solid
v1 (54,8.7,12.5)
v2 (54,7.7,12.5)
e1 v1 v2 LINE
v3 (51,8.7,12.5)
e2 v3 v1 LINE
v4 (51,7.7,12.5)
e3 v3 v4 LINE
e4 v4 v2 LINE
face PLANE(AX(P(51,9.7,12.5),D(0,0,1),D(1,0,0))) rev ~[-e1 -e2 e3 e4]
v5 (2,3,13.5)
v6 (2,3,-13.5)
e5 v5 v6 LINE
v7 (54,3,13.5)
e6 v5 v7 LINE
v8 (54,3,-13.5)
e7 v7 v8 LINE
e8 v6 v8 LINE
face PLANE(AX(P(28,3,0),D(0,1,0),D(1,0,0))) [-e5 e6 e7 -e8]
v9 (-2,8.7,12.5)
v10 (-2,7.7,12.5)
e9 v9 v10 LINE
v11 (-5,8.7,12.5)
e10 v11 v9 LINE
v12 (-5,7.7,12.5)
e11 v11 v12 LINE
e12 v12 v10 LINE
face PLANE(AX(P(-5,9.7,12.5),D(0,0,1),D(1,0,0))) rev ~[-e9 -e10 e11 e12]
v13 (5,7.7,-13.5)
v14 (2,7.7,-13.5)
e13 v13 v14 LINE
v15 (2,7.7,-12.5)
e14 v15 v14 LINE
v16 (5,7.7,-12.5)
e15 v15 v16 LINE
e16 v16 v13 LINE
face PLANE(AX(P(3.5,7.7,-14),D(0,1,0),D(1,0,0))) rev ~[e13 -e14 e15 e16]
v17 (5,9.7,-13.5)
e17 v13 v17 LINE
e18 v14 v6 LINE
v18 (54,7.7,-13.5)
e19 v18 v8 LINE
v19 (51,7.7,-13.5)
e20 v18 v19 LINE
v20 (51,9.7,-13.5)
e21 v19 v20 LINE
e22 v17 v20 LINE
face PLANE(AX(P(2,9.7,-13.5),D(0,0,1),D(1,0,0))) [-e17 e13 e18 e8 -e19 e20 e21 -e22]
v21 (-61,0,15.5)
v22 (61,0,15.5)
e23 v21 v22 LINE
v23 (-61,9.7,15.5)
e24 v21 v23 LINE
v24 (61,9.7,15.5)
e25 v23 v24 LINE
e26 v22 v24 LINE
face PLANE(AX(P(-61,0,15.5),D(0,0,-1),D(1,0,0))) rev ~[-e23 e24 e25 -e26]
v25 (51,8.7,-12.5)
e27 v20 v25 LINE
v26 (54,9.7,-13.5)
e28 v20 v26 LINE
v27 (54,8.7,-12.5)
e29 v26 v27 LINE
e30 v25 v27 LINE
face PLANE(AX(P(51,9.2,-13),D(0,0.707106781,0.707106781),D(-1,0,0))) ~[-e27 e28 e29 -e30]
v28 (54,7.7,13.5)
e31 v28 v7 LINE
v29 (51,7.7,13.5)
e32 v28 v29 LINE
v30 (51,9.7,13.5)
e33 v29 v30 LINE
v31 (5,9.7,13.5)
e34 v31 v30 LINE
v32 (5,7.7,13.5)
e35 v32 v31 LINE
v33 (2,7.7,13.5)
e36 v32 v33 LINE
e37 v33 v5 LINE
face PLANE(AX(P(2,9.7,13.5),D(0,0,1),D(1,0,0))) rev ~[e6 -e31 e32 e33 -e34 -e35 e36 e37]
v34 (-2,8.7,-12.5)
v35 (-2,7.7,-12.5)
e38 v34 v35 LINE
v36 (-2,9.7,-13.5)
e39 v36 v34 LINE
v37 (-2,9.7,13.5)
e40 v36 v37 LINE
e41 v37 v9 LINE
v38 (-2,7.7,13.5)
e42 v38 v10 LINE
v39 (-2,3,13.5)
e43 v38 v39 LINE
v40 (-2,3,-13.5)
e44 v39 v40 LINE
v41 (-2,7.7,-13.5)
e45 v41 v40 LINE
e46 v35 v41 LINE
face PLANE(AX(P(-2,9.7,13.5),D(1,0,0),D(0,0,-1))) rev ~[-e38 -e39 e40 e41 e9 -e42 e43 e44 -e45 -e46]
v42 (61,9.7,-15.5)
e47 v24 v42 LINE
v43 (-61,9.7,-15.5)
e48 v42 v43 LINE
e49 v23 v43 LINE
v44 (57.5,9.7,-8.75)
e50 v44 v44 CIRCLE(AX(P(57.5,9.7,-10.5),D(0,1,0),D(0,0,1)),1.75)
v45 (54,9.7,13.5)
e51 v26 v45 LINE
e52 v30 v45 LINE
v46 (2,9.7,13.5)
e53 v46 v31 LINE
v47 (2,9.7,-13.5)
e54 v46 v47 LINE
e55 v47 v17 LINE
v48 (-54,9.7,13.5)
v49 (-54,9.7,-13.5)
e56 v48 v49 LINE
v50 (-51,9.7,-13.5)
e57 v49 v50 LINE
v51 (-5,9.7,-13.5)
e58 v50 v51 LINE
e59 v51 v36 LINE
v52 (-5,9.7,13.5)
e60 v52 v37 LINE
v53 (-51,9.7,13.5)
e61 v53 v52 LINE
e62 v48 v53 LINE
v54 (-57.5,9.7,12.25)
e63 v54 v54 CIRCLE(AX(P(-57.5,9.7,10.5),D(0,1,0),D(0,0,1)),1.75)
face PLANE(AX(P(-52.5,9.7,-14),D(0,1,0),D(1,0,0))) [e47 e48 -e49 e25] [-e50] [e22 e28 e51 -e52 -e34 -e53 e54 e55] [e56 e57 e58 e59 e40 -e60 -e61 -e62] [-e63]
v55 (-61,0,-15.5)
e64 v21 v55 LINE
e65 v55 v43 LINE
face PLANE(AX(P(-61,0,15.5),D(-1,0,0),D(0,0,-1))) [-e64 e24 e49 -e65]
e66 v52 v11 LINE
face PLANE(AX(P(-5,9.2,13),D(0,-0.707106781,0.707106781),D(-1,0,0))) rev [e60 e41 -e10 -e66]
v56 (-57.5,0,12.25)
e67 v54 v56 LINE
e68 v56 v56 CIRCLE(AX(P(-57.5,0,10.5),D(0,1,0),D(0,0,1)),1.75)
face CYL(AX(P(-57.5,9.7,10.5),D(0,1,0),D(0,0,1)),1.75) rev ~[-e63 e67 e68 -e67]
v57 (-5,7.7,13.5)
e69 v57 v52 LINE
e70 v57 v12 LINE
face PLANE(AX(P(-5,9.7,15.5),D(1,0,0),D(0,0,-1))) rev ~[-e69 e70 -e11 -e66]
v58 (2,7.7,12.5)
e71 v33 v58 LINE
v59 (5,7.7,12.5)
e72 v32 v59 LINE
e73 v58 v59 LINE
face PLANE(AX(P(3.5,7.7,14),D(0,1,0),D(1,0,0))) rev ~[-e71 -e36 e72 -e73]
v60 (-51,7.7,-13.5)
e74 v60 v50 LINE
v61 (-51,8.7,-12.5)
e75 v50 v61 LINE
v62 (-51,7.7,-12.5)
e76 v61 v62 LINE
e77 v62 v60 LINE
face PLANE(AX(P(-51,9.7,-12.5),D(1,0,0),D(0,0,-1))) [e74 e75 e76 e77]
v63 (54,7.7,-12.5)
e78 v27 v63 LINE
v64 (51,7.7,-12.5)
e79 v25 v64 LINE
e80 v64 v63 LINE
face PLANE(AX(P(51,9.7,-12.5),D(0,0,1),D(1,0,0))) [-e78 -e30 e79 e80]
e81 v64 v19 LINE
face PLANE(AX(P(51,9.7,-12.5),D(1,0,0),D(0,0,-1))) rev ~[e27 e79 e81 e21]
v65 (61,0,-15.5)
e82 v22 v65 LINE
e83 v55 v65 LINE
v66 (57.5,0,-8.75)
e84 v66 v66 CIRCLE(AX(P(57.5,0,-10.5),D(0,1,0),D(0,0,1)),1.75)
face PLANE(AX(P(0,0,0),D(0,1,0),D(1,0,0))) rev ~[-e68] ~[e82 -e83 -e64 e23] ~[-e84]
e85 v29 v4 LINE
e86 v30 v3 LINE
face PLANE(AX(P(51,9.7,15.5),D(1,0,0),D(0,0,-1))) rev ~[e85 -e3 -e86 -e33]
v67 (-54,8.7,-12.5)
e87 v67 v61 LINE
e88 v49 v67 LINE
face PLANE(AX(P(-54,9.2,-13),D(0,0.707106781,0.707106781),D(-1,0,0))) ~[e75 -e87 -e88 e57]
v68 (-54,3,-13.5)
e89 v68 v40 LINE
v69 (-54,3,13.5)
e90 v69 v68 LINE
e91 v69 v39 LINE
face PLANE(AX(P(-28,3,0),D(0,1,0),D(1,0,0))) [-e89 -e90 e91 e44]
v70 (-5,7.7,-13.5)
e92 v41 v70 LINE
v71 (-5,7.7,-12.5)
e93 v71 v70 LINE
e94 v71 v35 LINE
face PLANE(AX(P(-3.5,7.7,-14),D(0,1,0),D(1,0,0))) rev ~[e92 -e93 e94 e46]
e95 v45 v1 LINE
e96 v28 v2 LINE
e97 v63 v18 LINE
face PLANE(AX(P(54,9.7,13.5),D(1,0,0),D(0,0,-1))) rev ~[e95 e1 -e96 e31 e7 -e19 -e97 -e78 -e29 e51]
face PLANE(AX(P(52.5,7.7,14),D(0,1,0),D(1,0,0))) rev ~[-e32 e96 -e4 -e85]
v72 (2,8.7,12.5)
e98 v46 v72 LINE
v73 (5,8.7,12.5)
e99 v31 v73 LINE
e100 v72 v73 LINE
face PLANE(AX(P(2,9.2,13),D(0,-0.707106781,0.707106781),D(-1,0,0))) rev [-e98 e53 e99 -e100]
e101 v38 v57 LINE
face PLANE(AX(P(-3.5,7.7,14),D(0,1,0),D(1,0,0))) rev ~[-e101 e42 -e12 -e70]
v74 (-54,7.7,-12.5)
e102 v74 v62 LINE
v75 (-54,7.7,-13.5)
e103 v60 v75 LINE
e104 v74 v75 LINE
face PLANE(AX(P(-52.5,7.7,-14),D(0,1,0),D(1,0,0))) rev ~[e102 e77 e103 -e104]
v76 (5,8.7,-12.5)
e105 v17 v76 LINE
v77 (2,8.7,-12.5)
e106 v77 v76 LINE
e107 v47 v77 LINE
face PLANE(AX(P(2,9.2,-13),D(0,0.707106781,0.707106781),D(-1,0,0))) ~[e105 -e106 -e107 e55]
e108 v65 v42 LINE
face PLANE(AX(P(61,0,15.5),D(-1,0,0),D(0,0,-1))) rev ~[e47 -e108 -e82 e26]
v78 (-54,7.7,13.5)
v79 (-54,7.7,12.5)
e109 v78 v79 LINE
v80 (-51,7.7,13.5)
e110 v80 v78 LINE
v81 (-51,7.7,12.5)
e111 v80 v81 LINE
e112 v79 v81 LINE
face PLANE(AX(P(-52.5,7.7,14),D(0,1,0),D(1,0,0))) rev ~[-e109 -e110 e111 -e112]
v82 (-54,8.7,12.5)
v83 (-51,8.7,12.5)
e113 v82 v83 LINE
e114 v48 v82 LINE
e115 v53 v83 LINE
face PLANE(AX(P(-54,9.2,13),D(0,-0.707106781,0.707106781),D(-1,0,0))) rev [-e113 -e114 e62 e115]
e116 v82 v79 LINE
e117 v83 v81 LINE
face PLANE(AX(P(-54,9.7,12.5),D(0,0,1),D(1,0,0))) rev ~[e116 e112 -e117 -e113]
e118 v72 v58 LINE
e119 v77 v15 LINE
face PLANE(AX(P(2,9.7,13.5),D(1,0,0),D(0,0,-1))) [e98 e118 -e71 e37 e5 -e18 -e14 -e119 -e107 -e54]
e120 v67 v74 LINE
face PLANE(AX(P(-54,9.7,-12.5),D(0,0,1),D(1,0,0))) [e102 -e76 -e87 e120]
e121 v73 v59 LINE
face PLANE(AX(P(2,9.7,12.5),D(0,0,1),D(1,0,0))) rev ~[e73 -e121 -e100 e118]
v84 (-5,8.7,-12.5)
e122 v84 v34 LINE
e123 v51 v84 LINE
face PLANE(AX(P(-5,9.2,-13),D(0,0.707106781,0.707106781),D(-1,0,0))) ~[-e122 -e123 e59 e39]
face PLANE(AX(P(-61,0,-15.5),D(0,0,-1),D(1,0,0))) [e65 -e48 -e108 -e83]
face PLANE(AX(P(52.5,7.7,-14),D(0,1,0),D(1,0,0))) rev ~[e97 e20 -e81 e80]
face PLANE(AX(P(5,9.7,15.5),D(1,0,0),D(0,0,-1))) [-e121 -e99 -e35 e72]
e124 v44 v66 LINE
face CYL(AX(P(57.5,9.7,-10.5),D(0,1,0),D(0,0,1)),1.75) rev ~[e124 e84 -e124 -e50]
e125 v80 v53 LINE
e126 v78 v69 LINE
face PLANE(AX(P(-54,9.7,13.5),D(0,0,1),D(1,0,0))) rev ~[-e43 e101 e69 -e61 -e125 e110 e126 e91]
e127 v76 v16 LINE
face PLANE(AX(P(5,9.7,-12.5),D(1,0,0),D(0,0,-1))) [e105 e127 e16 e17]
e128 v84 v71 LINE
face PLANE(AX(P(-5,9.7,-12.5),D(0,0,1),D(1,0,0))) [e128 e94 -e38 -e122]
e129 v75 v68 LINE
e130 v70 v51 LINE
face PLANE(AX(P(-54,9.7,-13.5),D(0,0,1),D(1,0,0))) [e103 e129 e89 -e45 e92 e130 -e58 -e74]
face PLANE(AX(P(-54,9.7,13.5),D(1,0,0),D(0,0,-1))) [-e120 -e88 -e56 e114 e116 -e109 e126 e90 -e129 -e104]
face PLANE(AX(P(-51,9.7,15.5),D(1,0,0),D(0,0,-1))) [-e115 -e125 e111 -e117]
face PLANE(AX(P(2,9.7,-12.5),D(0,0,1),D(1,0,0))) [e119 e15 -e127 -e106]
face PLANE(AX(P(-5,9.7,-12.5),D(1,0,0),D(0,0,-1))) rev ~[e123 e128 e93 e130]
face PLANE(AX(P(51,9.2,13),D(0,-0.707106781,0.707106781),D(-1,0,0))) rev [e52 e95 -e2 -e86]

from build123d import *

# Parameters (mm, degrees)
SKETCH1_W           = 122
SKETCH1_H           = 31
BOSS_EXTRUDE1_DEPTH = 9.7
SKETCH3_W           = 52
SKETCH3_H           = 27
CUT_EXTRUDE2_DEPTH  = 6.7
SKETCH4_W           = 3
SKETCH4_H           = 3
BOSS_EXTRUDE2_DEPTH = 2
CHAMFER1_SIZE       = 1
SKETCH5_R           = 1.75
CUT_EXTRUDE3_DEPTH  = 64.681551489


with BuildPart() as part:
    # Sketch1 → Boss-Extrude1 (new body)
    with BuildSketch(Plane(origin=(0, 0, 0), x_dir=(1, 0, 0), z_dir=(0, 1, 0))):
        Rectangle(SKETCH1_W, SKETCH1_H)
    extrude(amount=BOSS_EXTRUDE1_DEPTH)

    # Sketch3 → Cut-Extrude2 (cut)
    with BuildSketch(Plane(origin=(0, 9.7, 0), x_dir=(1, 0, 0), z_dir=(0, 1, 0))):
        with Locations((-28, 0)):
            Rectangle(SKETCH3_W, SKETCH3_H)
        with Locations((28, 0)):
            Rectangle(SKETCH3_W, SKETCH3_H)
    extrude(amount=-CUT_EXTRUDE2_DEPTH, mode=Mode.SUBTRACT)

    # Sketch4 → Boss-Extrude2 (add)
    with BuildSketch(Plane(origin=(0, 9.7, 0), x_dir=(1, 0, 0), z_dir=(0, 1, 0))):
        with Locations((-52.5, 14)):
            Rectangle(SKETCH4_W, SKETCH4_H)
        with Locations((-3.5, 14)):
            Rectangle(SKETCH4_W, SKETCH4_H)
        with Locations((-3.5, -14)):
            Rectangle(SKETCH4_W, SKETCH4_H)
        with Locations((-52.5, -14)):
            Rectangle(SKETCH4_W, SKETCH4_H)
        with Locations((52.5, -14)):
            Rectangle(SKETCH4_W, SKETCH4_H)
        with Locations((3.5, -14)):
            Rectangle(SKETCH4_W, SKETCH4_H)
        with Locations((3.5, 14)):
            Rectangle(SKETCH4_W, SKETCH4_H)
        with Locations((52.5, 14)):
            Rectangle(SKETCH4_W, SKETCH4_H)
    extrude(amount=-BOSS_EXTRUDE2_DEPTH)

    # Chamfer1
    chamfer1_edges = [part.edges().sort_by_distance(p)[0] for p in [
        (-52.5, 9.7, 12.5),
        (-3.5, 9.7, 12.5),
        (52.5, 9.7, 12.5),
        (3.5, 9.7, 12.5),
        (52.5, 9.7, -12.5),
        (3.5, 9.7, -12.5),
        (-3.5, 9.7, -12.5),
        (-52.5, 9.7, -12.5),
    ]]
    chamfer(chamfer1_edges, length=CHAMFER1_SIZE)

    # Sketch5 → Cut-Extrude3 (cut, through all)
    with BuildSketch(Plane(origin=(0, 9.7, 0), x_dir=(1, 0, 0), z_dir=(0, 1, 0))):
        with Locations(Location((-57.5, -10.5, 0), (0, 0, 270))):
            Circle(SKETCH5_R)
        with Locations(Location((57.5, 10.5, 0), (0, 0, 270))):
            Circle(SKETCH5_R)
    extrude(amount=-CUT_EXTRUDE3_DEPTH, mode=Mode.SUBTRACT)


solid = part.part
